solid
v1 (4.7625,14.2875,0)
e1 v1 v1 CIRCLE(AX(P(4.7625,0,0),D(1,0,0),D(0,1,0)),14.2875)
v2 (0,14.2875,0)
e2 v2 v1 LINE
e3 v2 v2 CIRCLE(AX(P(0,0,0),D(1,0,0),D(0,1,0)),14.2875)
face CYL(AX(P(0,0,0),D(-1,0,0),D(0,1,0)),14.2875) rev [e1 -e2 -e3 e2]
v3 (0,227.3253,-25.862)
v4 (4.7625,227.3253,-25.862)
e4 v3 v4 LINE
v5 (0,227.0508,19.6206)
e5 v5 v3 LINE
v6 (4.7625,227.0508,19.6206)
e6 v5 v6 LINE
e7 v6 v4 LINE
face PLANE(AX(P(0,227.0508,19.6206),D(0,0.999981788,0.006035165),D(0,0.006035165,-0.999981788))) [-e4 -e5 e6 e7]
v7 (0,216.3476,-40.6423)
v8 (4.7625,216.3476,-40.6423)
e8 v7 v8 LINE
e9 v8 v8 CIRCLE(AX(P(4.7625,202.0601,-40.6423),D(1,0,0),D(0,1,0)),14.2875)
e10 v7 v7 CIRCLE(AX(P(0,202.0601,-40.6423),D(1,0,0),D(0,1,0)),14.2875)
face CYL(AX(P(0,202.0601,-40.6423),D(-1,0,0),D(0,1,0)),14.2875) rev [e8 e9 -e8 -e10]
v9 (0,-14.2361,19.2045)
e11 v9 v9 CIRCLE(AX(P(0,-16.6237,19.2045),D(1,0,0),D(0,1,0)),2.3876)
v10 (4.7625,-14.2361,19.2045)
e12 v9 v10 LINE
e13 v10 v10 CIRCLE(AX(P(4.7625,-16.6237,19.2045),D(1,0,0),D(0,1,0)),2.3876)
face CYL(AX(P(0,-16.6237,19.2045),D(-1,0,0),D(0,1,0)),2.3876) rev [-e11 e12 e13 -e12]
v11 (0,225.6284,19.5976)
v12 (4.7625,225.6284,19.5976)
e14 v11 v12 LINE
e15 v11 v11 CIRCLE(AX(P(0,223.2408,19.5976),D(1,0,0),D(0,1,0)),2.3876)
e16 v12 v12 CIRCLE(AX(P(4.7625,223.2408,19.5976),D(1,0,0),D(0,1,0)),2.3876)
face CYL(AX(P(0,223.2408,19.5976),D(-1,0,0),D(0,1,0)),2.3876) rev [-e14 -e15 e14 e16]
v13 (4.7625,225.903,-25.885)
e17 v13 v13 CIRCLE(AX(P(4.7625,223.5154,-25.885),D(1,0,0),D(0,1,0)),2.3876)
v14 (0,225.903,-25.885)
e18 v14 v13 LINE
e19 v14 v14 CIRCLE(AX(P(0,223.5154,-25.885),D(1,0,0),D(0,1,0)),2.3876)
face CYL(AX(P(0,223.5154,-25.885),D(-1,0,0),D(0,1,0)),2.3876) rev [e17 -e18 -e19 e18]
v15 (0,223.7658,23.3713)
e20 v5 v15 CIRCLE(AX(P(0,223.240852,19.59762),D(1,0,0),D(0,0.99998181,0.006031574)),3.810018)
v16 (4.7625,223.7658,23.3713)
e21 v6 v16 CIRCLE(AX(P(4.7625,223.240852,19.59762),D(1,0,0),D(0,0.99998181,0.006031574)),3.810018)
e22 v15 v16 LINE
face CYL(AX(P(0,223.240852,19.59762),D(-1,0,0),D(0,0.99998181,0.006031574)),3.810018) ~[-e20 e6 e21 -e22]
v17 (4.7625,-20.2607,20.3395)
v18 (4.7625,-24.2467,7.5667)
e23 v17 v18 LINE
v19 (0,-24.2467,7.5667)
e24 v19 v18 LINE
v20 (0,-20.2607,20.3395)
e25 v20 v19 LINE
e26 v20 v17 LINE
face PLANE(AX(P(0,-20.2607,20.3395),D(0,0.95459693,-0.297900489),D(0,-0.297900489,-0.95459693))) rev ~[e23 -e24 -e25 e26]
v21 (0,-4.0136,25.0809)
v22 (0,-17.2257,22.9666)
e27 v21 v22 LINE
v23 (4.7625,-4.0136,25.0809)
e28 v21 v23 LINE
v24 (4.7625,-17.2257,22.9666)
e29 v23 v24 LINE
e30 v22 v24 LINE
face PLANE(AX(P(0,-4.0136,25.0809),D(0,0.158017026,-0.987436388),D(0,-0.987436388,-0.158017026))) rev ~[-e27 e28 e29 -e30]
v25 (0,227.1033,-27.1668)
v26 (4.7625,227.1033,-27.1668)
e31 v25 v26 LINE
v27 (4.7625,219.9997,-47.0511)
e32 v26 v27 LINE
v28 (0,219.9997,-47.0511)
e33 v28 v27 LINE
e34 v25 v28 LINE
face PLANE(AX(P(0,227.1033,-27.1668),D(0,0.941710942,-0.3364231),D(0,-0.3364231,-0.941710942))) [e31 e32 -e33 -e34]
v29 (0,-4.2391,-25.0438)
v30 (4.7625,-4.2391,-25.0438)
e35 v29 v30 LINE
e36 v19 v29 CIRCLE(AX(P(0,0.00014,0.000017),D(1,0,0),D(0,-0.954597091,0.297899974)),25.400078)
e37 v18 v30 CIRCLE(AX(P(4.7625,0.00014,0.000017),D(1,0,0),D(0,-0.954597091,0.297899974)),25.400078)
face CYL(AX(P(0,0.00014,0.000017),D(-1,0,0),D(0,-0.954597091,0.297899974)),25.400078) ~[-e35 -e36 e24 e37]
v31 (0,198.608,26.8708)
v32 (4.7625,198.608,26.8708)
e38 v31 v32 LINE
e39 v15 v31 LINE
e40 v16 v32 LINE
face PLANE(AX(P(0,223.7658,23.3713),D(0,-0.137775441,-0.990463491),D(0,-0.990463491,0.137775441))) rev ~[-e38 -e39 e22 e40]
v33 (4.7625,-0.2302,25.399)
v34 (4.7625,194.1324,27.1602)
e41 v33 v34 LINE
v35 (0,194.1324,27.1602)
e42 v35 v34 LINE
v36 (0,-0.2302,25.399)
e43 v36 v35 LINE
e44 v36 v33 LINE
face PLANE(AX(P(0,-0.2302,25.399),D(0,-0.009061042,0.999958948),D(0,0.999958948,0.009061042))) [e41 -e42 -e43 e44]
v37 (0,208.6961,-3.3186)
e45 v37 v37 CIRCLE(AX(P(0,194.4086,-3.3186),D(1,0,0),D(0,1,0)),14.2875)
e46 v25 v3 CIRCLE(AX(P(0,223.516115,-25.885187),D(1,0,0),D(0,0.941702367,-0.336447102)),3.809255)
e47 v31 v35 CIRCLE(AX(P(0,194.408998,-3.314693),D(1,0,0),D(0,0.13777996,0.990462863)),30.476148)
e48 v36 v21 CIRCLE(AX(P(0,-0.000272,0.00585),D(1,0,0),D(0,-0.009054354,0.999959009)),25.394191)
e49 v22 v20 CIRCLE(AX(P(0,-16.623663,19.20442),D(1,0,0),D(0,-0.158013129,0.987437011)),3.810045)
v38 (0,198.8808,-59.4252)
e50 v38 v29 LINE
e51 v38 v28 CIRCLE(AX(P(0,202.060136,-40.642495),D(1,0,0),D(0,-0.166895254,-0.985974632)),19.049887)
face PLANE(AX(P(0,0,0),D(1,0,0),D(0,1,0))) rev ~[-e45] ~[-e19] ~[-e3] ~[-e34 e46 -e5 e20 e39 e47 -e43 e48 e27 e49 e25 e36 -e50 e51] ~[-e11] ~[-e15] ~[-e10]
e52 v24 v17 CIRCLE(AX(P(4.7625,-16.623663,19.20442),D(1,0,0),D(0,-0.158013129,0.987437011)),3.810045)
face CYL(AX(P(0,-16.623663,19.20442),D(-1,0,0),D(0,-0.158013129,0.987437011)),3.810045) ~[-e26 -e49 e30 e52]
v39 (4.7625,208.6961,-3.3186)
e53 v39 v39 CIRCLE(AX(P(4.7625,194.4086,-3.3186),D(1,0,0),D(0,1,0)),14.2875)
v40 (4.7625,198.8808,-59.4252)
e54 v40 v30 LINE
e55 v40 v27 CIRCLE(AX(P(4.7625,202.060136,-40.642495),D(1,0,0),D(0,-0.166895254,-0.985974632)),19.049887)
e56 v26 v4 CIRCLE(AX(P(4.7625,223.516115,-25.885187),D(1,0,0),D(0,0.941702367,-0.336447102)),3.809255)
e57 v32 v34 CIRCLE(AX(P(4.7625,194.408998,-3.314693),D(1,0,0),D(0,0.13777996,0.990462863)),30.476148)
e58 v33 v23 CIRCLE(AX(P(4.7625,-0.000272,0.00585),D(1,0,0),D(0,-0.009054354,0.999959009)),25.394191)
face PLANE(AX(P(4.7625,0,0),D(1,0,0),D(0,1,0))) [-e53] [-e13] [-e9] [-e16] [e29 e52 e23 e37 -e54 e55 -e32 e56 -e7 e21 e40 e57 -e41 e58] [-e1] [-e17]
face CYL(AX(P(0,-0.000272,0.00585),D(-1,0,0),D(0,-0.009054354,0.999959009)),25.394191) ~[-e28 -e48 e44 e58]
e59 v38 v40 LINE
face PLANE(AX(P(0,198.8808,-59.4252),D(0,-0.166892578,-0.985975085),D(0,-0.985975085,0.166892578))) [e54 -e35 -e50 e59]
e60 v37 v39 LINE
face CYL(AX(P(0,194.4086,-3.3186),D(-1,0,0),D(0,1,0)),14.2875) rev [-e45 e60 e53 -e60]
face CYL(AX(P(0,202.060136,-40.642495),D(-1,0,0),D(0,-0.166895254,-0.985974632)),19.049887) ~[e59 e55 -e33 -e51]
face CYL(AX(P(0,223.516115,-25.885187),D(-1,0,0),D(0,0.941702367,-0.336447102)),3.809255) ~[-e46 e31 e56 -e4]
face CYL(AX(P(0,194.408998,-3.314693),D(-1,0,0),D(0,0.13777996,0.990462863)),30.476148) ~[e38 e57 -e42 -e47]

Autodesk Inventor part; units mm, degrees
ref_plane "YZ Plane" through (0, 0, 0) normal (1, 0, 0) x (0, 1, 0)
ref_plane "XZ Plane" through (0, 0, 0) normal (0, 1, 0) x (-1, 0, 0)
ref_plane "XY Plane" through (0, 0, 0) normal (0, 0, 1) x (1, 0, 0)
sketch "Sketch1" plane through (0, 0, 0) normal (1, 0, 0) x (0, 1, 0)
  circle A0 centre (0, 0) radius 25.4 construction
  line L0 (0, 0) -> (0, -40.6423) construction
  line L1 (0, -40.6423) -> (202.0601, -40.6423) construction
  circle A1 centre (202.0601, -40.6423) radius 19.05 construction
  line L2 (202.0601, -40.6423) -> (194.4086, -40.6423) construction
  line L3 (194.4086, -40.6423) -> (194.4086, -3.3186) construction
  circle A2 centre (194.4086, -3.3186) radius 30.48 construction
  line L4 (16.6237, -19.2045) -> (-16.6237, 19.2045) construction
  circle A3 centre (-16.6237, 19.2045) radius 2.3876
  circle A4 centre (-16.6237, 19.2045) radius 3.81 construction
  line L5 (218.2698, 15.6466) -> (220.2582, 17.227) construction
  line L6 (218.497, -21.9942) -> (220.5043, -23.5505) construction
  line L7 (194.4086, -3.3186) -> (194.4086, 27.1614) construction
  circle A5 centre (223.5154, -25.885) radius 2.3876
  circle A6 centre (223.2408, 19.5976) radius 2.3876
  circle A7 centre (223.2408, 19.5976) radius 3.81 construction
  circle A8 centre (223.5154, -25.885) radius 3.81 construction
  line L8 (227.0508, 19.6206) -> (227.3253, -25.862)
  line L9 (227.1033, -27.1668) -> (219.9997, -47.0511)
  line L10 (198.8808, -59.4252) -> (-4.2391, -25.0438)
  arc A9 (227.1033, -27.1668) -> (227.3253, -25.862) centre (223.5154, -25.885) ccw
  arc A10 (198.8808, -59.4252) -> (219.9997, -47.0511) centre (202.0601, -40.6423) ccw
  line L11 (-4.0136, 25.0809) -> (-17.2257, 22.9666)
  line L12 (-20.2607, 20.3395) -> (-24.2467, 7.5667)
  arc A11 (-0.2302, 25.399) -> (-4.0136, 25.0809) centre (0, 0) ccw
  arc A12 (-17.2257, 22.9666) -> (-20.2607, 20.3395) centre (-16.6237, 19.2045) ccw
  arc A13 (-24.2467, 7.5667) -> (-4.2391, -25.0438) centre (0, 0) ccw
  arc A14 (227.0508, 19.6206) -> (223.7658, 23.3713) centre (223.2408, 19.5976) ccw
  circle A15 centre (194.4086, -3.3186) radius 14.2875
  circle A16 centre (202.0601, -40.6423) radius 14.2875
  circle A17 centre (0, 0) radius 14.2875
  line L13 (-0.2302, 25.399) -> (194.1324, 27.1602)
  line L14 (223.7658, 23.3713) -> (198.608, 26.8708)
  arc A18 (198.608, 26.8708) -> (194.1324, 27.1602) centre (194.4086, -3.3186) ccw
  dimension "d0" = 50.8
  dimension "d1" = 40.6423
  dimension "d2" = 202.0601
  dimension "d3" = 38.1
  dimension "d4" = 7.6515
  dimension "d5" = 37.3238
  dimension "d6" = 60.96
  dimension "d7" = 40.88
  dimension "d8" = 4.7752
  dimension "d9" = 7.62
  dimension "d10" = 2.54
  dimension "d11" = 2.54
  dimension "d12" = 51.522
  dimension "d13" = 127.786
  dimension "d14" = 4.7752
  dimension "d15" = 4.7752
  dimension "d16" = 7.62
  dimension "d17" = 7.62
  dimension "d18" = 28.575
  dimension "d19" = 28.575
  dimension "d20" = 28.575
extrude "Extrusion2" add sketch "Sketch1" along normal blind 4.7625
properties part number "INTK_001_PulleyCover2" material "Aluminum 6061"
